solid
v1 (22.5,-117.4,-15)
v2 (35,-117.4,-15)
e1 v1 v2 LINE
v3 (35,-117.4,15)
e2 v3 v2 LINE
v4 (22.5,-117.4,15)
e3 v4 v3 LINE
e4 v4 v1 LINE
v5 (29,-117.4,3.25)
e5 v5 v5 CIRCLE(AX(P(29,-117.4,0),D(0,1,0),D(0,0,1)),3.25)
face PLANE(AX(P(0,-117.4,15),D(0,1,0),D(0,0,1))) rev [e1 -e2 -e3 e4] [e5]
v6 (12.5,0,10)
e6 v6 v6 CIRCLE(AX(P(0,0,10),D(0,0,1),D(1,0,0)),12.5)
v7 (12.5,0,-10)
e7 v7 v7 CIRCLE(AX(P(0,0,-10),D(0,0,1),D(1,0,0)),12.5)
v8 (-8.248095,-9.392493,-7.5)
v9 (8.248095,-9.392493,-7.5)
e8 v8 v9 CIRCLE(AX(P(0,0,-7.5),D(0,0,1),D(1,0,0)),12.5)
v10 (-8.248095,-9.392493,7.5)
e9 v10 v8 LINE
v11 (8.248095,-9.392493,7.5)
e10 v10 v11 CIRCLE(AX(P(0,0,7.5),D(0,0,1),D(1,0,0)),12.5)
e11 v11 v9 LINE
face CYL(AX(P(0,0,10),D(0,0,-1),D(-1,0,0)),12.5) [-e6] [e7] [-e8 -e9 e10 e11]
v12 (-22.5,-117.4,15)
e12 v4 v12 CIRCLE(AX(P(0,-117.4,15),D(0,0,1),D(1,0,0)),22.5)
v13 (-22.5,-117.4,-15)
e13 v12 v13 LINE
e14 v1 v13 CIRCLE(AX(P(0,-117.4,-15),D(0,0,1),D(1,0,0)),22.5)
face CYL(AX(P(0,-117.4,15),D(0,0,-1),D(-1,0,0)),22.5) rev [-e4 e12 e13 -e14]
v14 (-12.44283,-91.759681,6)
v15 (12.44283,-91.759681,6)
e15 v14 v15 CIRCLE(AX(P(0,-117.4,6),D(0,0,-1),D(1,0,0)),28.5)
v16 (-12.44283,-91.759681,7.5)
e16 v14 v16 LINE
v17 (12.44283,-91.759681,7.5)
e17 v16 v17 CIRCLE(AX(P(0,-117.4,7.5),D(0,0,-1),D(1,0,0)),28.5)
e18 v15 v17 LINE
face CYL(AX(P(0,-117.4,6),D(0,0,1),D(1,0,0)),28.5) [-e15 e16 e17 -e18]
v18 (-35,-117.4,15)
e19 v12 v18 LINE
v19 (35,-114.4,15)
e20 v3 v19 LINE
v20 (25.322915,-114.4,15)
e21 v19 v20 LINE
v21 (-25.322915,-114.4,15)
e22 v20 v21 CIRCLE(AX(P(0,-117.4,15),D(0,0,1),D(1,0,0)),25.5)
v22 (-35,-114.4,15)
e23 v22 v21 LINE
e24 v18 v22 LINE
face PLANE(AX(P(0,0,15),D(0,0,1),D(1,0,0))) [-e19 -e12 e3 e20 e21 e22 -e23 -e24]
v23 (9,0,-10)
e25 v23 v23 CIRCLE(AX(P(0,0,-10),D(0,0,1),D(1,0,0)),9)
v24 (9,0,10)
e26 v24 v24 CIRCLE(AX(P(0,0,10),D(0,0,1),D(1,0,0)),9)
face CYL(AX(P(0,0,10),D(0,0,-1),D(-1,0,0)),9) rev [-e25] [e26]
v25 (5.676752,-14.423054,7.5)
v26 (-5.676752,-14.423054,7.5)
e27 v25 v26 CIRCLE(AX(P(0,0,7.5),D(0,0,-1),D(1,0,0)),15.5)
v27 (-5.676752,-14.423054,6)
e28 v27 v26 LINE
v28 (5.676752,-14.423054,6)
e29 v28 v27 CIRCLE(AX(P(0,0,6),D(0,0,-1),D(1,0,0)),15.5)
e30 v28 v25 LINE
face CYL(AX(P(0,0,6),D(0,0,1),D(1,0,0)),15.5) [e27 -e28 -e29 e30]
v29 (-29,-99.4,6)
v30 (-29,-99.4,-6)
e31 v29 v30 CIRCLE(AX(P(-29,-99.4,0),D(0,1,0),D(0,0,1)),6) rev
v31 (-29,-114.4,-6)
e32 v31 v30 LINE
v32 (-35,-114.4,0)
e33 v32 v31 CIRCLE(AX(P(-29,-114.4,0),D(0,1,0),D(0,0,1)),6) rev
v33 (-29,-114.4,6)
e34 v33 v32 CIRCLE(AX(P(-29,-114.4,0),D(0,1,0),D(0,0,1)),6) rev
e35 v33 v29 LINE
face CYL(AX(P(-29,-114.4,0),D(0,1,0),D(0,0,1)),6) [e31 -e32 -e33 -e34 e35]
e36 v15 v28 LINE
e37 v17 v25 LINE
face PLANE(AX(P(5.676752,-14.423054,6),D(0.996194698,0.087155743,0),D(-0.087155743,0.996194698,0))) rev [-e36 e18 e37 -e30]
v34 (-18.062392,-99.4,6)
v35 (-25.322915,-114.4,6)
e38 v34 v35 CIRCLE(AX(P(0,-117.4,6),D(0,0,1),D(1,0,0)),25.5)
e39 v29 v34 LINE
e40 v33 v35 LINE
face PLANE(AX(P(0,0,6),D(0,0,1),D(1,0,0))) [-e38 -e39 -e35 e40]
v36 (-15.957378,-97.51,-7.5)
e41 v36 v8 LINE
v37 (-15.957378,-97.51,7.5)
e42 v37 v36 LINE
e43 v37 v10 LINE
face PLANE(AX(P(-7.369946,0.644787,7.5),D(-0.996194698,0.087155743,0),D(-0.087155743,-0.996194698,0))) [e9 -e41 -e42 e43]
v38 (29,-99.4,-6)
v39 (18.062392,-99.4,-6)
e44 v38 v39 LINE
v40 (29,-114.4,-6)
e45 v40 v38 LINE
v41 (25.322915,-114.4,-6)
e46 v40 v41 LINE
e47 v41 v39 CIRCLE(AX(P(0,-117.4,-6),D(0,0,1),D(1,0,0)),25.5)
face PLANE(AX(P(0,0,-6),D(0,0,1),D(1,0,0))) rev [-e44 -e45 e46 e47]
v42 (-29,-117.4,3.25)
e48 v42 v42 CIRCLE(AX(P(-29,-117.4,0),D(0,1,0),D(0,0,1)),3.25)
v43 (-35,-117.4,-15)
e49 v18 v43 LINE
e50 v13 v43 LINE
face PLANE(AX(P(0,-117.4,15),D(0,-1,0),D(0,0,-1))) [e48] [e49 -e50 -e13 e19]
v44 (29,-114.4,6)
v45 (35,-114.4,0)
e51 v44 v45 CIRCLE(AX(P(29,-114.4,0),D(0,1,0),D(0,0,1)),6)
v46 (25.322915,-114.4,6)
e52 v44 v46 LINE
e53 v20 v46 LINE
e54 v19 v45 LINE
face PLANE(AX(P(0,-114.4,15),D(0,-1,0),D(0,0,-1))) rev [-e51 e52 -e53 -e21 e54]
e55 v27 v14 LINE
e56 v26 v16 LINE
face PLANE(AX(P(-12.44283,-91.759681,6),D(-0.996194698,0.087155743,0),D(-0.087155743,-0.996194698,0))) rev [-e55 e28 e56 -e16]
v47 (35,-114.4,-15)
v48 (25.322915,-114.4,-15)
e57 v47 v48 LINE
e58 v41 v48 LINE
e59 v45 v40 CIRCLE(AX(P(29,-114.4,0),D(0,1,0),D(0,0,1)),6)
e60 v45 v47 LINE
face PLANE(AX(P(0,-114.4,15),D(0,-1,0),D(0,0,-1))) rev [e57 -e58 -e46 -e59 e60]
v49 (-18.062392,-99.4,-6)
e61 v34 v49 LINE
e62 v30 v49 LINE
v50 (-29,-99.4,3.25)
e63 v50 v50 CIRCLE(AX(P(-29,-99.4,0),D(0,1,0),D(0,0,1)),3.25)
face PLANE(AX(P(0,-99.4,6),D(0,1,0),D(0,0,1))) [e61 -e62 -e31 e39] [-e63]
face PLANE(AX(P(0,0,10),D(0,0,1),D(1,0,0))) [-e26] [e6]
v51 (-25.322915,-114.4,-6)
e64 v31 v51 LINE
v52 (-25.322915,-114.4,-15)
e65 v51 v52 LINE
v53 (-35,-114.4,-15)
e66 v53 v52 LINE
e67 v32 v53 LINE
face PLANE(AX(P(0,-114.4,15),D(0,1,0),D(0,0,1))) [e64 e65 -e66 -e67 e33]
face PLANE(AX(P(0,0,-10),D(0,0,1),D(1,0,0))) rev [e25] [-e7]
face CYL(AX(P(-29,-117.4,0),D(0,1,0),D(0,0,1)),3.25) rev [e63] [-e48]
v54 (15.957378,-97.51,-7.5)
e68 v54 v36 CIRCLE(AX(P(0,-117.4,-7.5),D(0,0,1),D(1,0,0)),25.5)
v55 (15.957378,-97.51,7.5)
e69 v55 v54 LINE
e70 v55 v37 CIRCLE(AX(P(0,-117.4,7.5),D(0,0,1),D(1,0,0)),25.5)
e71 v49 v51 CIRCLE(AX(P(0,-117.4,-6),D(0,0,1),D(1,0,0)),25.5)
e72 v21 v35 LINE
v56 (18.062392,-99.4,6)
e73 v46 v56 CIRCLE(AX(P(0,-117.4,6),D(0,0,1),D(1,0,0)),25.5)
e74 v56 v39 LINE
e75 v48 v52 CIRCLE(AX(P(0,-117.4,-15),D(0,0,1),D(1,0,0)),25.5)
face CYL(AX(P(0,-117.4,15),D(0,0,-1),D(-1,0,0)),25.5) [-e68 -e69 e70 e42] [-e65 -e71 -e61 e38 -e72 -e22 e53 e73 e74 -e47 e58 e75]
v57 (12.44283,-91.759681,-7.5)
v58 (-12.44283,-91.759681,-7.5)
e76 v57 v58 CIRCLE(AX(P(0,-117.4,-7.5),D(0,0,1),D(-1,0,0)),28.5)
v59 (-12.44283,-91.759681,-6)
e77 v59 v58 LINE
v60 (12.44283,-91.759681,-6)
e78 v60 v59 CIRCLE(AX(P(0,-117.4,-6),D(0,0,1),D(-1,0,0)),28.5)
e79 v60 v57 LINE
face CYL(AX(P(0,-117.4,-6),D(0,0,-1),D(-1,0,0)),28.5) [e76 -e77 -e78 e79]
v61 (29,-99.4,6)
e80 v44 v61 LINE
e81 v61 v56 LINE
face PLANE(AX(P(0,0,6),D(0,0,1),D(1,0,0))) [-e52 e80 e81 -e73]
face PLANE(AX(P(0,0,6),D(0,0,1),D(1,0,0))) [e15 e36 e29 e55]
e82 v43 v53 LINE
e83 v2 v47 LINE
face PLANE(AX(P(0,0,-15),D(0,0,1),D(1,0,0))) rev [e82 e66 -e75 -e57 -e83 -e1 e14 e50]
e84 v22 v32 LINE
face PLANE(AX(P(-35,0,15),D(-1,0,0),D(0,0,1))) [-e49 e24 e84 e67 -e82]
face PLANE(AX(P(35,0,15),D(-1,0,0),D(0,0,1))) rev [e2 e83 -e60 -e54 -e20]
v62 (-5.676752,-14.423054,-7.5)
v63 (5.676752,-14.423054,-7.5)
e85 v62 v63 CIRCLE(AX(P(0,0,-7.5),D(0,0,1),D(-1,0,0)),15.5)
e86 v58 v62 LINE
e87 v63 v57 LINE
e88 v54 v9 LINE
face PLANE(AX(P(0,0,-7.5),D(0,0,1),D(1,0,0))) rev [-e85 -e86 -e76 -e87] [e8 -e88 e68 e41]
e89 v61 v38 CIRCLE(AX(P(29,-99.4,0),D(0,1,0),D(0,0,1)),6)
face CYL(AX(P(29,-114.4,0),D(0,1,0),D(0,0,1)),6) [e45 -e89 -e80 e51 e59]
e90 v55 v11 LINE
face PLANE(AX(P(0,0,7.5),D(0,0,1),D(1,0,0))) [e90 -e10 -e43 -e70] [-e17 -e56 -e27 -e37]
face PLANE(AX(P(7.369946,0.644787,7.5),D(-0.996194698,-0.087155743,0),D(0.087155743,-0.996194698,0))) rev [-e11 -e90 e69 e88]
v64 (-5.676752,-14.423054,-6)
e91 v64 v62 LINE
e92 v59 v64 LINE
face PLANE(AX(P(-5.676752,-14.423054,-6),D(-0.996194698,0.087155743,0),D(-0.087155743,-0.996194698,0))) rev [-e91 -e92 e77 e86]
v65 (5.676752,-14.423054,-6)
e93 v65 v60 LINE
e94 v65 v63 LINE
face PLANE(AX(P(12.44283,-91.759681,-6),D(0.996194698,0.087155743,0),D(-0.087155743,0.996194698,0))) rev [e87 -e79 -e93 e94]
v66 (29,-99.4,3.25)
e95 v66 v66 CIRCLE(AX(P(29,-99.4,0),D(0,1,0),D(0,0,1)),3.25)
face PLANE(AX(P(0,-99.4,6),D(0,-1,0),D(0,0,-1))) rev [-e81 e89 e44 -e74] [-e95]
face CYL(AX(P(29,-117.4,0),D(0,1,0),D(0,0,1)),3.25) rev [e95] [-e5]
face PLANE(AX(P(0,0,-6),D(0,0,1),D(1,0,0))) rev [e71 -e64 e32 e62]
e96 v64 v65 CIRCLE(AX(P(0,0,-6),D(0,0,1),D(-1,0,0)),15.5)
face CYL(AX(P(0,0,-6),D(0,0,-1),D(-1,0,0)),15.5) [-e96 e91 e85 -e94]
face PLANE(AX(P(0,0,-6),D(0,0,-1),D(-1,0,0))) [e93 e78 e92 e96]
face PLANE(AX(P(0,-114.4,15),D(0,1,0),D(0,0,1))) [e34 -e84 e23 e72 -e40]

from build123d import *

# Parameters (mm, degrees)
BOSS_EXTRUDE3_DEPTH = 15
BOSS_EXTRUDE4_DEPTH = 6
BOSS_EXTRUDE5_DEPTH = 7.5
SKETCH1_8_R         = 12.5
SKETCH1_8_R_2       = 9
BOSS_EXTRUDE6_DEPTH = 10
CUT_EXTRUDE2_DEPTH  = 15
SKETCH3_7_R         = 3.25
CUT_EXTRUDE3_DEPTH  = 119.201565133
CUT_EXTRUDE5_DEPTH  = 1.5
CUT_EXTRUDE6_START  = -1.5
CUT_EXTRUDE6_DEPTH  = 1.5


with BuildPart() as part:
    # Sketch1 → Boss-Extrude3 (new, symmetric)
    with BuildSketch(Plane.XY):
        with BuildLine():
            Line((-25.322914524, -114.4), (-35, -114.4))
            Line((-35, -114.4), (-35, -117.4))
            Line((-35, -117.4), (-22.5, -117.4))
            ThreePointArc((-22.5, -117.4), (0, -94.9), (22.5, -117.4))
            Line((22.5, -117.4), (35, -117.4))
            Line((35, -117.4), (35, -114.4))
            Line((35, -114.4), (25.322914524, -114.4))
            ThreePointArc((25.322914524, -114.4), (0, -91.9), (-25.322914524, -114.4))
        make_face()
    extrude(amount=BOSS_EXTRUDE3_DEPTH, both=True)

    # Sketch1<6> → Boss-Extrude4 (add, symmetric)
    with BuildSketch(Plane.XY):
        with BuildLine():
            ThreePointArc((-25.322914524, -114.4), (-22.95258597, -106.290148637), (-18.062391868, -99.4))
            Line((-18.062391868, -99.4), (-35, -99.4))
            Line((-35, -99.4), (-35, -114.4))
            Line((-35, -114.4), (-25.322914524, -114.4))
        make_face()
        with BuildLine():
            ThreePointArc((18.062391868, -99.4), (22.95258597, -106.290148637), (25.322914524, -114.4))
            Line((25.322914524, -114.4), (35, -114.4))
            Line((35, -114.4), (35, -99.4))
            Line((35, -99.4), (18.062391868, -99.4))
        make_face()
    extrude(amount=BOSS_EXTRUDE4_DEPTH, both=True)

    # Sketch1<7> → Boss-Extrude5 (add, symmetric)
    with BuildSketch(Plane.XY):
        with BuildLine():
            Line((-8.248094724, -9.392493462), (-15.957377604, -97.51))
            ThreePointArc((-15.957377604, -97.51), (0, -91.9), (15.957377604, -97.51))
            Line((15.957377604, -97.51), (8.248094724, -9.392493462))
            ThreePointArc((8.248094724, -9.392493462), (0, -12.5), (-8.248094724, -9.392493462))
        make_face()
    extrude(amount=BOSS_EXTRUDE5_DEPTH, both=True)

    # Sketch1<8> → Boss-Extrude6 (add, symmetric)
    with BuildSketch(Plane.XY):
        Circle(SKETCH1_8_R)
        Circle(SKETCH1_8_R_2, mode=Mode.SUBTRACT)
    extrude(amount=BOSS_EXTRUDE6_DEPTH, both=True)

    # Sketch3 → Cut-Extrude2 (cut)
    with BuildSketch(Plane(origin=(0, -99.4, 0), x_dir=(1, 0, 0), z_dir=(0, 1, 0))):
        with BuildLine():
            Line((35, 6), (29, 6))
            ThreePointArc((29, 6), (33.242640687, 4.242640687), (35, 0))
            Line((35, 0), (35, 6))
        make_face()
        with BuildLine():
            ThreePointArc((35, 0), (33.242640687, -4.242640687), (29, -6))
            Line((29, -6), (35, -6))
            Line((35, -6), (35, 0))
        make_face()
        with BuildLine():
            Line((-35, 0), (-35, -6))
            Line((-35, -6), (-29, -6))
            ThreePointArc((-29, -6), (-33.242640687, -4.242640687), (-35, 0))
        make_face()
        with BuildLine():
            Line((-35, 6), (-35, 0))
            ThreePointArc((-35, 0), (-33.242640687, 4.242640687), (-29, 6))
            Line((-29, 6), (-35, 6))
        make_face()
    extrude(amount=-CUT_EXTRUDE2_DEPTH, mode=Mode.SUBTRACT)

    # Sketch3<7> → Cut-Extrude3 (cut, through all)
    with BuildSketch(Plane(origin=(0, -99.4, 0), x_dir=(1, 0, 0), z_dir=(0, 1, 0))):
        with Locations((29, 0)):
            Circle(SKETCH3_7_R)
        with Locations((-29, 0)):
            Circle(SKETCH3_7_R)
    extrude(amount=-CUT_EXTRUDE3_DEPTH, mode=Mode.SUBTRACT)

    # Sketch4 → Cut-Extrude5 (cut)
    with BuildSketch(Plane.XY.offset(7.5)):
        with BuildLine():
            Line((5.676752222, -14.423053914), (12.442830342, -91.759680714))
            ThreePointArc((12.442830342, -91.759680714), (0, -88.9), (-12.442830342, -91.759680714))
            Line((-12.442830342, -91.759680714), (-5.676752222, -14.423053914))
            ThreePointArc((-5.676752222, -14.423053914), (0, -15.5), (5.676752222, -14.423053914))
        make_face()
    extrude(amount=-CUT_EXTRUDE5_DEPTH, mode=Mode.SUBTRACT)

    # Sketch6 → Cut-Extrude6 (cut)
    with BuildSketch(Plane(origin=(0, 0, -7.5), x_dir=(-1, 0, 0), z_dir=(0, 0, -1)).offset(CUT_EXTRUDE6_START)):
        with BuildLine():
            Line((5.676752222, -14.423053914), (12.442830342, -91.759680714))
            ThreePointArc((12.442830342, -91.759680714), (0, -88.9), (-12.442830342, -91.759680714))
            Line((-12.442830342, -91.759680714), (-5.676752222, -14.423053914))
            ThreePointArc((-5.676752222, -14.423053914), (0, -15.5), (5.676752222, -14.423053914))
        make_face()
    extrude(amount=CUT_EXTRUDE6_DEPTH, mode=Mode.SUBTRACT)


solid = part.part
